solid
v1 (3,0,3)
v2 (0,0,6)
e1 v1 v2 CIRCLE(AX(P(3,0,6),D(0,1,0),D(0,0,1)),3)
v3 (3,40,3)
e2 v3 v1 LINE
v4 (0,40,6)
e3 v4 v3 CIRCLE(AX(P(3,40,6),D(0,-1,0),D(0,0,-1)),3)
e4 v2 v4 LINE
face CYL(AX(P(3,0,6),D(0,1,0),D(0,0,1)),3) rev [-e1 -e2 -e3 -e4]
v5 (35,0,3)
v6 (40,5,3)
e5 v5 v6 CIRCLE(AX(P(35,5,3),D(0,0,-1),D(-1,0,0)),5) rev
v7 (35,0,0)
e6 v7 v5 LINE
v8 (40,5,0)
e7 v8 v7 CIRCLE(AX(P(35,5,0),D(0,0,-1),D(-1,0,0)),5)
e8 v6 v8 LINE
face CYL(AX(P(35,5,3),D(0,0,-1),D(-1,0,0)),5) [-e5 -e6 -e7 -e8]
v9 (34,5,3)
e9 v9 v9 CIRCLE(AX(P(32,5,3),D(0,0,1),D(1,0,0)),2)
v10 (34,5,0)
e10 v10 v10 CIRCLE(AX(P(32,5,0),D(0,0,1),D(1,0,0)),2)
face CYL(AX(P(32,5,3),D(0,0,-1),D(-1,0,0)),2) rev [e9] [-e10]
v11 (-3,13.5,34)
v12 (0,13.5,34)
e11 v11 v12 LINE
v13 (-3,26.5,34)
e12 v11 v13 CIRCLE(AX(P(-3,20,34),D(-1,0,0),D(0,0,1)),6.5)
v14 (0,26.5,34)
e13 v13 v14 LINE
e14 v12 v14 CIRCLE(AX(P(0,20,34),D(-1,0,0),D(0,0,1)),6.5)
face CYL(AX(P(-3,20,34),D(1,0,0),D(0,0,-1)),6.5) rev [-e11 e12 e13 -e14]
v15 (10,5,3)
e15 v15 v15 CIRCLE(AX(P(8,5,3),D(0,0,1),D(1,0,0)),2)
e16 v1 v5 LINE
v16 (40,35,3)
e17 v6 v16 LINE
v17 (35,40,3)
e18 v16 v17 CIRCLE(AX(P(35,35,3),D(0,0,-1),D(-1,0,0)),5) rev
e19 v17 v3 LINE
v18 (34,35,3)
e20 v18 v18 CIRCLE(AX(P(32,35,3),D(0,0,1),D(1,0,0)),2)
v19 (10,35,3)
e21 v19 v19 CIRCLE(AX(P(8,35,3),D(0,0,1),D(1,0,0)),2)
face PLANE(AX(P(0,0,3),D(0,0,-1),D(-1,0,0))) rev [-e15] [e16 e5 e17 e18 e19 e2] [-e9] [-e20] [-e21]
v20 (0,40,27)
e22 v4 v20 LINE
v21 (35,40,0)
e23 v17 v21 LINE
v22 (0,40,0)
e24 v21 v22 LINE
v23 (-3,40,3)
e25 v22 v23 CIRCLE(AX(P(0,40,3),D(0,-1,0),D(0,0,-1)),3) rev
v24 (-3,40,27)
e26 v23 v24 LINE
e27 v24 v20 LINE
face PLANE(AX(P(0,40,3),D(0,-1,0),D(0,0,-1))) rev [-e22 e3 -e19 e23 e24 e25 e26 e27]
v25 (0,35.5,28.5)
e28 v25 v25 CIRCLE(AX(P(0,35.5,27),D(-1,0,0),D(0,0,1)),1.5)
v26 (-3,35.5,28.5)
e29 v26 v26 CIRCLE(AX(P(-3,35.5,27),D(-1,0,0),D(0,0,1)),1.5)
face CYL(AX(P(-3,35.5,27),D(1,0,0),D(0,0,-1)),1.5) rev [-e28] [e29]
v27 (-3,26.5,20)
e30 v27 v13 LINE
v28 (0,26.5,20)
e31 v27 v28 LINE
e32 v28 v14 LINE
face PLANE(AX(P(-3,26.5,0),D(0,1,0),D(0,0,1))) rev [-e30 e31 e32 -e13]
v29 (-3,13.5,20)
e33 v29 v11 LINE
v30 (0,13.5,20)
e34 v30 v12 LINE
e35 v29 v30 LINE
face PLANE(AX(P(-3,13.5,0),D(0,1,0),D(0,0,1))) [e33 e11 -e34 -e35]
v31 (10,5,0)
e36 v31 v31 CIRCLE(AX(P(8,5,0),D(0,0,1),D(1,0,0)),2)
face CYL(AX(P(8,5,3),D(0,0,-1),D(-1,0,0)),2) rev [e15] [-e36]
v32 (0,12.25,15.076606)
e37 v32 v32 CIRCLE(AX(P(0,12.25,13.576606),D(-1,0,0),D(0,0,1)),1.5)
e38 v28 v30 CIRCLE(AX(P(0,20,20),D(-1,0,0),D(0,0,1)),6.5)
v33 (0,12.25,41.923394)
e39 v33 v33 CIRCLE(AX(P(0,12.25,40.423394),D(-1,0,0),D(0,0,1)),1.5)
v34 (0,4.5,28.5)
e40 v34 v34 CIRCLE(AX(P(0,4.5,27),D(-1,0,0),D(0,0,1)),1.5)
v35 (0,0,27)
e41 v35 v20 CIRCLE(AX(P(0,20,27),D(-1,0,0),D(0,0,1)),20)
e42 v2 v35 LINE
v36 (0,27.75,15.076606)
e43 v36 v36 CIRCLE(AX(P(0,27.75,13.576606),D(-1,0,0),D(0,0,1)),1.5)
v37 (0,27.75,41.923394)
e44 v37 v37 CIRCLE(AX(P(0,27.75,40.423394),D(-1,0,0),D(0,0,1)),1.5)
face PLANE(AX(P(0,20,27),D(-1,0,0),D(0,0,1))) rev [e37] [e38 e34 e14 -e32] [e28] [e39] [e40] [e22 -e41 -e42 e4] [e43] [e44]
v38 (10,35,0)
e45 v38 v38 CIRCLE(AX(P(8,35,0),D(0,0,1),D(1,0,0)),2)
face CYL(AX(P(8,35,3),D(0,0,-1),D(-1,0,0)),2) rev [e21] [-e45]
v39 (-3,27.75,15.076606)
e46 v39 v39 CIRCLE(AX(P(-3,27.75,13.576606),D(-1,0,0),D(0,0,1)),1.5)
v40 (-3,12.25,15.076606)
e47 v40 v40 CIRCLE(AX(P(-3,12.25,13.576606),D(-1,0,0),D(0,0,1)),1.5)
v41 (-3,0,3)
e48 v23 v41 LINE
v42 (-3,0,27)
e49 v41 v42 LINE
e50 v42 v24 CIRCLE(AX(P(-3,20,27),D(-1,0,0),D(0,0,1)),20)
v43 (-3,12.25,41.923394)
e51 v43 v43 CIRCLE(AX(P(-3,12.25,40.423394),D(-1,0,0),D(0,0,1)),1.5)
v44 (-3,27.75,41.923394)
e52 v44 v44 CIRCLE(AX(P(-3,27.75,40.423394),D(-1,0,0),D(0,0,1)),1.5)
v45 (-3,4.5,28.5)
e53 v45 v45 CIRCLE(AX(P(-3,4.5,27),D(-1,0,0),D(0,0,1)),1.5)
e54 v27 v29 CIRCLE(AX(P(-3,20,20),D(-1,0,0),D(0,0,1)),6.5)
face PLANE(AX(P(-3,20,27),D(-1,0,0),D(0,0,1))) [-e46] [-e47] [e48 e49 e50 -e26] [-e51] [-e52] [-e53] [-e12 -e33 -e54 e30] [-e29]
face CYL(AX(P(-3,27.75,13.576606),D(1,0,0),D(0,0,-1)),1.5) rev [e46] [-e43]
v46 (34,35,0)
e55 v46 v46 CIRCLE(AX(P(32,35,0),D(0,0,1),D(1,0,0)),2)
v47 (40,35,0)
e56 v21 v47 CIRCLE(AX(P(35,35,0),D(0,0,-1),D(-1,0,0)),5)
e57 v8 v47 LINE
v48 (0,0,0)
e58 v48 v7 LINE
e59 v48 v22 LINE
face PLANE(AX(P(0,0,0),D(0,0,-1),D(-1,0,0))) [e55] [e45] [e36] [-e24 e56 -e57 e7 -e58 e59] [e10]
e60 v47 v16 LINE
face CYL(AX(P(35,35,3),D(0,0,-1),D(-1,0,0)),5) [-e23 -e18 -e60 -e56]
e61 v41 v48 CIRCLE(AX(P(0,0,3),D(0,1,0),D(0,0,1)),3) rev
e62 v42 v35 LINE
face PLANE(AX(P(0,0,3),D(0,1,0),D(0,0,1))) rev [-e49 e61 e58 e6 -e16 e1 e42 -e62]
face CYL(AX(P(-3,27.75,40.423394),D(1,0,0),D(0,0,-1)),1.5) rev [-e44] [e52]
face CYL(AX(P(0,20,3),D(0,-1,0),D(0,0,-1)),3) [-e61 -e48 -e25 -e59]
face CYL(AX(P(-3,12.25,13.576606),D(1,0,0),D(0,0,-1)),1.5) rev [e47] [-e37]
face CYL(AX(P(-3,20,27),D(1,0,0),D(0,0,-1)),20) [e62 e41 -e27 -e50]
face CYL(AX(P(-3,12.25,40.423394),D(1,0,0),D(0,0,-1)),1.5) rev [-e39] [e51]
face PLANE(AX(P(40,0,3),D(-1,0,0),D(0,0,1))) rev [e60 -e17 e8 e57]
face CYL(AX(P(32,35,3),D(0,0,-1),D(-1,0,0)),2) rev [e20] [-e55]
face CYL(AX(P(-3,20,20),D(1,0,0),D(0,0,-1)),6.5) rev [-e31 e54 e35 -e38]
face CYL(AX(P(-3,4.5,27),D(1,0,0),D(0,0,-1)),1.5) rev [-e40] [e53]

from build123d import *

# Parameters (mm, degrees)
SKETCH_1_W      = 40
SKETCH_1_H      = 40
SKETCH_1_R      = 2
EXTRUDE_1_DEPTH = 3
FILLET_1_R      = 5
SKETCH_2_R      = 1.5
EXTRUDE_2_DEPTH = 3
FILLET_2_R      = 3


with BuildPart() as part:
    # 草图1 → 凸台-拉伸1 (new body)
    with BuildSketch(Plane.XY):
        with Locations((20, 20)):
            Rectangle(SKETCH_1_W, SKETCH_1_H)
        with Locations((8, 35)):
            Circle(SKETCH_1_R, mode=Mode.SUBTRACT)
        with Locations((32, 35)):
            Circle(SKETCH_1_R, mode=Mode.SUBTRACT)
        with Locations((32, 5)):
            Circle(SKETCH_1_R, mode=Mode.SUBTRACT)
        with Locations((8, 5)):
            Circle(SKETCH_1_R, mode=Mode.SUBTRACT)
    extrude(amount=EXTRUDE_1_DEPTH)

    # 圆角1
    fillet_1_edges = [part.edges().sort_by_distance(p)[0] for p in [
        (40, 40, 1.5),
        (40, 0, 1.5),
    ]]
    fillet(fillet_1_edges, radius=FILLET_1_R)

    # 草图2 → 凸台-拉伸2 (add)
    with BuildSketch(Plane.ZY):
        with BuildLine():
            Line((0, 40), (27, 40))
            ThreePointArc((27, 40), (47, 20), (27, 0))
            Line((27, 0), (0, 0))
            Line((0, 0), (0, 40))
        make_face()
        with Locations((27, 35.5)):
            Circle(SKETCH_2_R, mode=Mode.SUBTRACT)
        with Locations((40.423393759, 27.75)):
            Circle(SKETCH_2_R, mode=Mode.SUBTRACT)
        with Locations((40.423393759, 12.25)):
            Circle(SKETCH_2_R, mode=Mode.SUBTRACT)
        with Locations((27, 4.5)):
            Circle(SKETCH_2_R, mode=Mode.SUBTRACT)
        with Locations((13.576606241, 12.25)):
            Circle(SKETCH_2_R, mode=Mode.SUBTRACT)
        with Locations((13.576606241, 27.75)):
            Circle(SKETCH_2_R, mode=Mode.SUBTRACT)
        with BuildLine():
            Line((20, 26.5), (34, 26.5))
            ThreePointArc((34, 26.5), (40.5, 20), (34, 13.5))
            Line((34, 13.5), (20, 13.5))
            ThreePointArc((20, 13.5), (13.5, 20), (20, 26.5))
        make_face(mode=Mode.SUBTRACT)
    extrude(amount=EXTRUDE_2_DEPTH)

    # 圆角2
    fillet_2_edges = [part.edges().sort_by_distance(p)[0] for p in [
        (-3, 20, 0),
        (0, 20, 3),
    ]]
    fillet(fillet_2_edges, radius=FILLET_2_R)


solid = part.part
